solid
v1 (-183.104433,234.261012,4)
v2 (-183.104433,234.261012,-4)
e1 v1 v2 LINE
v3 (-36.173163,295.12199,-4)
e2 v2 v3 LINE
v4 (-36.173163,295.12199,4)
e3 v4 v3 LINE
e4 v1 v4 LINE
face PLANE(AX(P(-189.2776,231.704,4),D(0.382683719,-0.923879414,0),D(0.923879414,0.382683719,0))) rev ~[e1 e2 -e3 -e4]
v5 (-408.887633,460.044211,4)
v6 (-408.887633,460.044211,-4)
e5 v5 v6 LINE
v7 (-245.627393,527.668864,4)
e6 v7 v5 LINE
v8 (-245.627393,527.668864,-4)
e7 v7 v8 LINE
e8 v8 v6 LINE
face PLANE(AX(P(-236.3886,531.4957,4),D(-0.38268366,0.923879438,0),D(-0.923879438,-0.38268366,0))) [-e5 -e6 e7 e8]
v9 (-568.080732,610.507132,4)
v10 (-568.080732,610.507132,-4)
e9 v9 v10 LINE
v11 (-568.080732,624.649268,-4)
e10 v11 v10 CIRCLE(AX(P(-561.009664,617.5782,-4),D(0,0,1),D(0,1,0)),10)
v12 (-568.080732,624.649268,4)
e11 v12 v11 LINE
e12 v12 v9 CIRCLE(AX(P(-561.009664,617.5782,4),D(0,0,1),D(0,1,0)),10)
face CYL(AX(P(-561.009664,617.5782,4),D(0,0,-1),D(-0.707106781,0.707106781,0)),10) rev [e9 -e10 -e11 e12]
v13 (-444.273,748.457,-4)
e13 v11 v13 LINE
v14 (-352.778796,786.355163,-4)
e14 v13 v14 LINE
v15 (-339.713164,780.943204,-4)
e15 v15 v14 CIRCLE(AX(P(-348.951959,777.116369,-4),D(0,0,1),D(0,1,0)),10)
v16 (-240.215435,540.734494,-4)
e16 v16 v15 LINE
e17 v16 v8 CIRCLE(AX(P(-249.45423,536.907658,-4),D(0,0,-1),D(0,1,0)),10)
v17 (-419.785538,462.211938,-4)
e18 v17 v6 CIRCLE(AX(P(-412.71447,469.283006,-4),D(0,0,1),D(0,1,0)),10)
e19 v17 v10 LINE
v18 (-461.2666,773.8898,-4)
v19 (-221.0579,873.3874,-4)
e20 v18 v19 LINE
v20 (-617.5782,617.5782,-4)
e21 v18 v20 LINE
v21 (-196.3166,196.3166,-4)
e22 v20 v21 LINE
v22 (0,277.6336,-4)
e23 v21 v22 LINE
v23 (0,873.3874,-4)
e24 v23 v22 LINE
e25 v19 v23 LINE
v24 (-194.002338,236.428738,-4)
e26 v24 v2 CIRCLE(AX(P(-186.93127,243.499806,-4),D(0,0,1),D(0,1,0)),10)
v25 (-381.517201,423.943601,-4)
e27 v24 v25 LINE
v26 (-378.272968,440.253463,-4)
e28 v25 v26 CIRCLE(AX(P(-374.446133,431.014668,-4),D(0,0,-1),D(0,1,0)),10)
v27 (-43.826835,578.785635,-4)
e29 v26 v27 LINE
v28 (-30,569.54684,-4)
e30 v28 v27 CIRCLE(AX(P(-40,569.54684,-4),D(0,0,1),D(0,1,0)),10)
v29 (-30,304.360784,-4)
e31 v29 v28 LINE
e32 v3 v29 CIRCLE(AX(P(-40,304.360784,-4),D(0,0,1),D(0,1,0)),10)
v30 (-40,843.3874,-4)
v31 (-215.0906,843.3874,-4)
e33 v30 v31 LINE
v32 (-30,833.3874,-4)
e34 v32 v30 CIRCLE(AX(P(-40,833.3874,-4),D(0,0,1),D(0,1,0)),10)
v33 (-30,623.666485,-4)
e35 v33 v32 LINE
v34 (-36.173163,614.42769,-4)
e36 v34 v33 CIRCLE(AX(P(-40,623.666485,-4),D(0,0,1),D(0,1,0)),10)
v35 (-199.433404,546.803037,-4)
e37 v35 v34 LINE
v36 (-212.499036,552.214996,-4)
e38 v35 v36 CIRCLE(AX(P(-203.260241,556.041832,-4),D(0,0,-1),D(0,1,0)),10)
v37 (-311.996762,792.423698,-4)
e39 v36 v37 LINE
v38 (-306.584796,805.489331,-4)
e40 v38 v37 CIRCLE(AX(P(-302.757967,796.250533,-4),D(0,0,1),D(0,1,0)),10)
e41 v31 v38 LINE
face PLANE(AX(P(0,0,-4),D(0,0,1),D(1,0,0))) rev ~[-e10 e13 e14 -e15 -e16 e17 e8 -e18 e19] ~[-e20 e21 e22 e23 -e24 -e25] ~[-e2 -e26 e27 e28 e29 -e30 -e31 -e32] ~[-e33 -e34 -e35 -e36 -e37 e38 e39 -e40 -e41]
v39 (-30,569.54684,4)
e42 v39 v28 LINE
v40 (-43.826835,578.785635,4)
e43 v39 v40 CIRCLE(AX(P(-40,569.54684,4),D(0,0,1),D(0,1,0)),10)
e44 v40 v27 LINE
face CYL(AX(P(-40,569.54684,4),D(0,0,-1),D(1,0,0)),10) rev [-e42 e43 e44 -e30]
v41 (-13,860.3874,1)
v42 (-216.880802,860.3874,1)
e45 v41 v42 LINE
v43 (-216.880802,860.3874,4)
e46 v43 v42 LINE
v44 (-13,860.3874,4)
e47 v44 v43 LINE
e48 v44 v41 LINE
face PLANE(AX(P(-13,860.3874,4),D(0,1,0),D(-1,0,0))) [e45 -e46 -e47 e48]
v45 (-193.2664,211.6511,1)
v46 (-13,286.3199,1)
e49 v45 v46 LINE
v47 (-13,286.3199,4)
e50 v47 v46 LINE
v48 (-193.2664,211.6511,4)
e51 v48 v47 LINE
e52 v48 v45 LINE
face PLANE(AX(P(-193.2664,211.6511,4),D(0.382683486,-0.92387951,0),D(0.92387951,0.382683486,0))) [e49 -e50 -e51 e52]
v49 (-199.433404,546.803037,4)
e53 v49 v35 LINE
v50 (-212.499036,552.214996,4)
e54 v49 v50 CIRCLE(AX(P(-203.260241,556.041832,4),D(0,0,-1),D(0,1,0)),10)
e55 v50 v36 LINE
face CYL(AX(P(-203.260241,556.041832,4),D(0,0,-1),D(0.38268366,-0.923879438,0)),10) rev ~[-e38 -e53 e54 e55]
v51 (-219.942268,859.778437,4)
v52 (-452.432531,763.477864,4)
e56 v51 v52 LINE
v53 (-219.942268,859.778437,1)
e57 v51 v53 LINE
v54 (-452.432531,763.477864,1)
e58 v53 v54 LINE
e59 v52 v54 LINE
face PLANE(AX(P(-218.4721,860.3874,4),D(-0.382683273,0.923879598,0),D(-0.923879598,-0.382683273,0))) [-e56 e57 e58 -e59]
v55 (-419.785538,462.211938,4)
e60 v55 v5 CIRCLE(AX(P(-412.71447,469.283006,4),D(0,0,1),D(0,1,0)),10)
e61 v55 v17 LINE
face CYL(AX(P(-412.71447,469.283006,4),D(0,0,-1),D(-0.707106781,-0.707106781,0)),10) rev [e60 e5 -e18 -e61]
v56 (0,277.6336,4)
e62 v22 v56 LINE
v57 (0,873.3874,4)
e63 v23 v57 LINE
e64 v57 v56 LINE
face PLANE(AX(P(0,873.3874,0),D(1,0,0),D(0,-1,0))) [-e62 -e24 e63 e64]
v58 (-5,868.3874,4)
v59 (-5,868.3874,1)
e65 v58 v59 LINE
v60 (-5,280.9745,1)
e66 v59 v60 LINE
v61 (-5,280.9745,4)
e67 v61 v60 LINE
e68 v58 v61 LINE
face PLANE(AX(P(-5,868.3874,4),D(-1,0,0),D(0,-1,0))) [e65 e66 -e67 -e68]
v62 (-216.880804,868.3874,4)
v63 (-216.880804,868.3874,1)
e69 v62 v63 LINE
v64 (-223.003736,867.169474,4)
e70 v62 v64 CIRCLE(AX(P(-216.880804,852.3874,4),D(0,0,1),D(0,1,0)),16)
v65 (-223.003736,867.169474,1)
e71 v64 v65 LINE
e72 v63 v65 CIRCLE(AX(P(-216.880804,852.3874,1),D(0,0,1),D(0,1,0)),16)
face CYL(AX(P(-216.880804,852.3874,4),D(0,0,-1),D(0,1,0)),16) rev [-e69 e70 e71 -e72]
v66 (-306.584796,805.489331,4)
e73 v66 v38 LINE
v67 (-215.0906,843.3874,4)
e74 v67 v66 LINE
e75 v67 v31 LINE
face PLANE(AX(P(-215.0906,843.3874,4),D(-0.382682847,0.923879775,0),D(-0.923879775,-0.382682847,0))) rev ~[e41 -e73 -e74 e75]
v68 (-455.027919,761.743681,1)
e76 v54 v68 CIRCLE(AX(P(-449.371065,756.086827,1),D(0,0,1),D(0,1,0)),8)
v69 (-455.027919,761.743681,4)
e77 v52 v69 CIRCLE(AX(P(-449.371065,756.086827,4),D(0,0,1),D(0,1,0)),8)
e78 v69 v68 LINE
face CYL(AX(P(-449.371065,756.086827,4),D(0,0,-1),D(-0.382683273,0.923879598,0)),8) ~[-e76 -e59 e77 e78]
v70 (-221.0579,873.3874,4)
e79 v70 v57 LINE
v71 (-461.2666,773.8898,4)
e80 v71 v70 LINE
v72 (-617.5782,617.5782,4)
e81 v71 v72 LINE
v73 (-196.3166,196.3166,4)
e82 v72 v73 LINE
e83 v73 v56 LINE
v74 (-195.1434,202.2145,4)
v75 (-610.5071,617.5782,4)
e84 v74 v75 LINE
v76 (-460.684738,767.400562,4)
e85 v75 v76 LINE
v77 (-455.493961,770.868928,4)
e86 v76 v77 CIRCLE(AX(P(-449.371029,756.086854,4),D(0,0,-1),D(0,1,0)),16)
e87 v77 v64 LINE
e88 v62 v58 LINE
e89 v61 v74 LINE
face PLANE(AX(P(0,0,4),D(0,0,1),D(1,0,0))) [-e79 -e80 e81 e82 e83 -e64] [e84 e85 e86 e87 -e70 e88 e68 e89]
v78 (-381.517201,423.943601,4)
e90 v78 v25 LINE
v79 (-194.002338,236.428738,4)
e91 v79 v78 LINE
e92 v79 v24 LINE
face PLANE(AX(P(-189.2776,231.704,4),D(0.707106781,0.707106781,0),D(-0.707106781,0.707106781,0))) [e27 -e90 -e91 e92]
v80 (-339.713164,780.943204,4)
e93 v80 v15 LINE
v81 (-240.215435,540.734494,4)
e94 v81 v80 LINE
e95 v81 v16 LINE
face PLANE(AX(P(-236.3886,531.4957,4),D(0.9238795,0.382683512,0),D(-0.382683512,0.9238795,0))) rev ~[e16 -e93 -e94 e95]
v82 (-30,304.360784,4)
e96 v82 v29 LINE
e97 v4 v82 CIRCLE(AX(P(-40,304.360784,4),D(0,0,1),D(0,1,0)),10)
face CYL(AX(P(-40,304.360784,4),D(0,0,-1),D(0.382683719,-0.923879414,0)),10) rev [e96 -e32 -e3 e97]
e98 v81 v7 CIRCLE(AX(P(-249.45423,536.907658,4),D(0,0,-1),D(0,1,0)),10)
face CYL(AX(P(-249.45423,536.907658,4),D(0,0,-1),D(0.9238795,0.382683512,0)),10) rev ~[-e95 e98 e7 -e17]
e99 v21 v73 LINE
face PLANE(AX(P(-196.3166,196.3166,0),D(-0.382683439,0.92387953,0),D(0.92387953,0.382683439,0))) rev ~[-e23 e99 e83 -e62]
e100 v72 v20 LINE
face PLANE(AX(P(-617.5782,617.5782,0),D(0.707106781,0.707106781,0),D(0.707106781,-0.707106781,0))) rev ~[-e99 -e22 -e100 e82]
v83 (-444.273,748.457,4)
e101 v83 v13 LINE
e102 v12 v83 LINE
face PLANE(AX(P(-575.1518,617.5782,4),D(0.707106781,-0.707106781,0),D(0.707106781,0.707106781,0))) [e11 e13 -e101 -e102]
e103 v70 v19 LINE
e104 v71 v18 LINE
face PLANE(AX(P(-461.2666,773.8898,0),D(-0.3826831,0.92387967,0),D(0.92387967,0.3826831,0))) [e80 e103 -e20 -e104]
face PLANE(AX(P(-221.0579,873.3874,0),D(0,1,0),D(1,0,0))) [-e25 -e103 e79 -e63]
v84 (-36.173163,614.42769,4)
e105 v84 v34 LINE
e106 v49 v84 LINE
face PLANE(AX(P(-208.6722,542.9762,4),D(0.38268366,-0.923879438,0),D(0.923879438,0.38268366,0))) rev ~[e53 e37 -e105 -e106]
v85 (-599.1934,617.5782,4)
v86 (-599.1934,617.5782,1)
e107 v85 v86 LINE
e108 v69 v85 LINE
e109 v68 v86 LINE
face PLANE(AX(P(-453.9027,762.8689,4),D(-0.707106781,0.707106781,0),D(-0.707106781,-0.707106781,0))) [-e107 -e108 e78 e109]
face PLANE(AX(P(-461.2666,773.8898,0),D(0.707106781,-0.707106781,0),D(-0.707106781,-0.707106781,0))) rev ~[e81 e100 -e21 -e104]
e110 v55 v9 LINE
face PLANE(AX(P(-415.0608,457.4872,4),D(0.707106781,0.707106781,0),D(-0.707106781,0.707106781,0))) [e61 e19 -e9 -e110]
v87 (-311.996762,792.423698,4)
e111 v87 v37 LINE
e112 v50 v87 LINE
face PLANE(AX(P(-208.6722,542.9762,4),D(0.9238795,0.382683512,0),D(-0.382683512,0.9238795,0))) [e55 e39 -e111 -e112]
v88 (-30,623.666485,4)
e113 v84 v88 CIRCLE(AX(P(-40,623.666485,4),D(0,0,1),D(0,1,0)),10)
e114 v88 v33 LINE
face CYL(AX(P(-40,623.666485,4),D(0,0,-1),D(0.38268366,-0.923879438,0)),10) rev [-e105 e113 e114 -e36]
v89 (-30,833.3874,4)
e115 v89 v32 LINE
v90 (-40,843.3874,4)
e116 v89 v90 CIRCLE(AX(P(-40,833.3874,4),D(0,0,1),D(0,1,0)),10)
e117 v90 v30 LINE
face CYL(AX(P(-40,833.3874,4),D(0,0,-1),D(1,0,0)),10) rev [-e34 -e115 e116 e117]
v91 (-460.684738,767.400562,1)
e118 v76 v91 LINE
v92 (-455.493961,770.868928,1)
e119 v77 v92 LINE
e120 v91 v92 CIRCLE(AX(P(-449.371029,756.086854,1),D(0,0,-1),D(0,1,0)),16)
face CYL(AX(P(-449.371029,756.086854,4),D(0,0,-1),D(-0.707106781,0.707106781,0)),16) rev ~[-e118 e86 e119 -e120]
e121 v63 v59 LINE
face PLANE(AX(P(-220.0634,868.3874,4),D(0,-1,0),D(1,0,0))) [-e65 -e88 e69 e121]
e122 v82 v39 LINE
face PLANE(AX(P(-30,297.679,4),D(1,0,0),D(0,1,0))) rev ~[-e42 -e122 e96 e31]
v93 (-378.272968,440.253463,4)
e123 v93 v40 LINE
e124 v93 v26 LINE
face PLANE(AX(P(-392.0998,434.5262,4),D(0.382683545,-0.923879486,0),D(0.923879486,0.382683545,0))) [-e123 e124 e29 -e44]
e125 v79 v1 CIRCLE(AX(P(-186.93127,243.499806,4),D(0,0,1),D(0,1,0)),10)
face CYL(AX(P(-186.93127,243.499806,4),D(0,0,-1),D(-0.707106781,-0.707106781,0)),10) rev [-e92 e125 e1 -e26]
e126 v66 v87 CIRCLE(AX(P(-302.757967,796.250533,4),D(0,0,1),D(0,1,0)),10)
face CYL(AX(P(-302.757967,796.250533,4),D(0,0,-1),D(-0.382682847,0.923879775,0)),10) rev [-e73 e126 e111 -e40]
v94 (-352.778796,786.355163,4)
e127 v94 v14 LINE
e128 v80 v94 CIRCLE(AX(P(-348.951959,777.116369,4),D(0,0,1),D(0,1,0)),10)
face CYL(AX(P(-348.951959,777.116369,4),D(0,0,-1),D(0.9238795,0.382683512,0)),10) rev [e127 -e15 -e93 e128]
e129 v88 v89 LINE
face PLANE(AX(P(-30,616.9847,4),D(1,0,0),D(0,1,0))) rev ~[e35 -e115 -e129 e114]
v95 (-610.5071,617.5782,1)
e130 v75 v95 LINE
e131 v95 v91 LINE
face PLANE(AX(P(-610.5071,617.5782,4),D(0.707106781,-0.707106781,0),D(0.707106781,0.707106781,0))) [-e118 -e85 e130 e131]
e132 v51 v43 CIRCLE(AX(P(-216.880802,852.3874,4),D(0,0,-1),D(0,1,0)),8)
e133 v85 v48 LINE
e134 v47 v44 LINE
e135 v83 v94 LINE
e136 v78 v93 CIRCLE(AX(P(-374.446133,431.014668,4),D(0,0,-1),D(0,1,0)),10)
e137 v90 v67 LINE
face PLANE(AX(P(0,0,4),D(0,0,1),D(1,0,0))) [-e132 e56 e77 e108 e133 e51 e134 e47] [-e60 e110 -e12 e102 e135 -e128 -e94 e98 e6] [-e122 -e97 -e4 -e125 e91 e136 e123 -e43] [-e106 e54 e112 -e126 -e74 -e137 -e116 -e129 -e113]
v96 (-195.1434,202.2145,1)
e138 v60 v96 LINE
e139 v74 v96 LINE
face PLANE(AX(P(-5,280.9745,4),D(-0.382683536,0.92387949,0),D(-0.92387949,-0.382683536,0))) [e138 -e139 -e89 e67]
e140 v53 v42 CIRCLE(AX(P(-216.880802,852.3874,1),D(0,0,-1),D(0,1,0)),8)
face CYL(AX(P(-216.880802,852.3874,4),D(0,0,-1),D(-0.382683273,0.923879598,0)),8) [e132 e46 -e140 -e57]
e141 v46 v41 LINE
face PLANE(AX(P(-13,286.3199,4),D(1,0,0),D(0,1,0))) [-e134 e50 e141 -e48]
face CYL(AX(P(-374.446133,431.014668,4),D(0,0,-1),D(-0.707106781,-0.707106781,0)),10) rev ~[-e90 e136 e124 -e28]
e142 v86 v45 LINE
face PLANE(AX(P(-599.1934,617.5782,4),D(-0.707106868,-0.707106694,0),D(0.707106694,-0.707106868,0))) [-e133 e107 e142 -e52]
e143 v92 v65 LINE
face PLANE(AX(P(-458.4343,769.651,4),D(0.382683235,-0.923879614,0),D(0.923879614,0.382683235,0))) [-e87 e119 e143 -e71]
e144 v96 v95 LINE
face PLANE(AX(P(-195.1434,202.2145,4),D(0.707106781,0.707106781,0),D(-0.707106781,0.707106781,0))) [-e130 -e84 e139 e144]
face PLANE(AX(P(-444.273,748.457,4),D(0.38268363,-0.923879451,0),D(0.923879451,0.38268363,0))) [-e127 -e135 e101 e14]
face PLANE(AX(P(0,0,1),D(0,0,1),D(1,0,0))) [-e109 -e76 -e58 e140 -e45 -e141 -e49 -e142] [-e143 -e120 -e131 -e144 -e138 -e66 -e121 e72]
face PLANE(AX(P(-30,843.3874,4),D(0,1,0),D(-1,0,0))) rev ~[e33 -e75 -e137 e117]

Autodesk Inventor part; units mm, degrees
ref_plane "YZ Plane" through (0, 0, 0) normal (1, 0, 0) x (0, 1, 0)
ref_plane "XZ Plane" through (0, 0, 0) normal (0, 1, 0) x (-1, 0, 0)
ref_plane "XY Plane" through (0, 0, 0) normal (0, 0, 1) x (1, 0, 0)
sketch "Sketch1" plane through (0, 0, 0) normal (0, 0, 1) x (1, 0, 0)
  line L0 (0, 277.6336) -> (196.3166, 196.3166) construction
  line L1 (196.3166, 196.3166) -> (277.6336, 0) construction
  line L2 (277.6336, 0) -> (196.3166, -196.3166) construction
  line L3 (196.3166, -196.3166) -> (0, -277.6336) construction
  line L4 (0, -277.6336) -> (-196.3166, -196.3166) construction
  line L5 (-196.3166, -196.3166) -> (-277.6336, 0) construction
  line L6 (-277.6336, 0) -> (-196.3166, 196.3166) construction
  line L7 (-196.3166, 196.3166) -> (0, 277.6336)
  line L8 (-196.3166, 196.3166) -> (0, 277.6336)
  line L9 (-461.2666, 773.8898) -> (-221.0579, 873.3874)
  line L10 (-98.1583, 236.9751) -> (-341.1623, 823.6386) construction
  line L11 (-221.0579, 873.3874) -> (0, 873.3874)
  line L12 (0, 873.3874) -> (0, 277.6336)
  line L13 (-461.2666, 773.8898) -> (-617.5782, 617.5782)
  line L14 (-617.5782, 617.5782) -> (-196.3166, 196.3166)
  point P0 (0, 0)
  point P1 (0, 0)
  dimension "d0" = 513
  dimension "d2" = 260
  dimension "d3" = 635
extrude "Extrusion1" add sketch "Sketch1" along normal mid plane 8
sketch "Sketch2" plane through (0, 0, 4) normal (0, 0, 1) x (1, 0, 0)
  line L0 (-221.0579, 873.3874) -> (-461.2666, 773.8898) projected
  line L1 (-461.2666, 773.8898) -> (-617.5782, 617.5782) projected
  line L2 (-236.3886, 531.4957) -> (-415.0608, 457.4872)
  line L3 (-196.3166, 196.3166) -> (0, 277.6336) projected
  line L4 (-98.1583, 236.9751) -> (-341.1623, 823.6386) construction
  line L5 (-617.5782, 617.5782) -> (-196.3166, 196.3166) projected
  line L6 (-415.0608, 457.4872) -> (-575.1518, 617.5782)
  line L7 (-575.1518, 617.5782) -> (-444.273, 748.457)
  line L8 (-444.273, 748.457) -> (-343.54, 790.182)
  line L9 (-236.3886, 531.4957) -> (-343.54, 790.182)
  line L10 (-208.6722, 542.9762) -> (-30, 616.9847)
  line L11 (-30, 616.9847) -> (-30, 843.3874)
  line L12 (-30, 843.3874) -> (-215.0906, 843.3874)
  line L13 (-215.0906, 843.3874) -> (-315.8236, 801.6625)
  line L14 (-208.6722, 542.9762) -> (-315.8236, 801.6625)
  line L15 (0, 277.6336) -> (0, 873.3874) projected
  line L16 (-415.0608, 457.4872) -> (-30, 616.9847) construction
  line L17 (-392.0998, 434.5262) -> (-30, 584.5129)
  line L18 (-189.2776, 231.704) -> (-30, 297.679)
  line L19 (-30, 297.679) -> (-30, 584.5129)
  line L20 (-189.2776, 231.704) -> (-392.0998, 434.5262)
  point P0 (0, 0)
  dimension "d11" = 30
  dimension "d12" = 280
  dimension "d13" = 30
  dimension "d14" = 30
  dimension "d15" = 15
  dimension "d21" = 30
  dimension "d22" = 30
  dimension "d23" = 30
  dimension "d24" = 30
extrude "Extrusion2" cut sketch "Sketch2" against normal up to surface (8 mm away)
fillet "Fillet1" radius 10 12 edges at (-575.1518, 617.5782, 0) (-343.54, 790.182, 0) (-236.3886, 531.4957, 0) (-415.0608, 457.4872, 0) (-315.8236, 801.6625, 0) (-30, 843.3874, 0) (-30, 616.9847, 0) (-208.6722, 542.9762, 0) (-392.0998, 434.5262, 0) (-30, 584.5129, 0) (-30, 297.679, 0) (-189.2776, 231.704, 0)
sketch "Sketch4" plane through (0, 0, 4) normal (0, 0, 1) x (1, 0, 0)
  line L0 (-221.0579, 873.3874) -> (-461.2666, 773.8898) projected
  line L1 (0, 873.3874) -> (-221.0579, 873.3874) projected
  line L2 (-461.2666, 773.8898) -> (-617.5782, 617.5782) projected
  line L3 (-617.5782, 617.5782) -> (-196.3166, 196.3166) projected
  line L4 (-196.3166, 196.3166) -> (0, 277.6336) projected
  line L5 (0, 277.6336) -> (0, 873.3874) projected
  line L6 (-458.4343, 769.651) -> (-220.0634, 868.3874)
  line L7 (-220.0634, 868.3874) -> (-5, 868.3874)
  line L8 (-5, 868.3874) -> (-5, 280.9745)
  line L9 (-5, 280.9745) -> (-195.1434, 202.2145)
  line L10 (-195.1434, 202.2145) -> (-610.5071, 617.5782)
  line L11 (-610.5071, 617.5782) -> (-458.4343, 769.651)
  line L12 (-218.4721, 860.3874) -> (-453.9027, 762.8689)
  line L13 (-453.9027, 762.8689) -> (-599.1934, 617.5782)
  line L14 (-599.1934, 617.5782) -> (-193.2664, 211.6511)
  line L15 (-193.2664, 211.6511) -> (-13, 286.3199)
  line L16 (-13, 286.3199) -> (-13, 860.3874)
  line L17 (-13, 860.3874) -> (-218.4721, 860.3874)
  point P0 (0, 0)
  dimension "d26" = 5
  dimension "d27" = 8
extrude "Extrusion3" cut sketch "Sketch4" against normal blind 3 contours L6 L7 L8 L9 L10 L11
fillet "Fillet3" radius 16 2 edges at (-220.0634, 868.3874, 2.5) (-458.4343, 769.651, 2.5)
fillet "Fillet4" radius 8 2 edges at (-453.9027, 762.8689, 2.5) (-218.4721, 860.3874, 2.5)
equation "\"d0\" = Барабан_габарит_по_кассетам"
equation "\"d2\" = Кассета_длина_грани"
equation "\"d3\" = Кассета_высота"
equation "\"d11\" = d13"
equation "\"d14\" = d13"
equation "\"d15\" = 0.5 * d13"
equation "\"d21\" = d13"
equation "\"d22\" = d13"
equation "\"d23\" = d13"
equation "\"d24\" = d13"
equation "\"Барабан_габарит_по_кассетам\" = 513"
equation "\"Кассета_длина_грани\" = 260"
equation "\"Кассета_высота\" = 635"
properties part number "ДМФ 01 51 Внешняя рамка"
